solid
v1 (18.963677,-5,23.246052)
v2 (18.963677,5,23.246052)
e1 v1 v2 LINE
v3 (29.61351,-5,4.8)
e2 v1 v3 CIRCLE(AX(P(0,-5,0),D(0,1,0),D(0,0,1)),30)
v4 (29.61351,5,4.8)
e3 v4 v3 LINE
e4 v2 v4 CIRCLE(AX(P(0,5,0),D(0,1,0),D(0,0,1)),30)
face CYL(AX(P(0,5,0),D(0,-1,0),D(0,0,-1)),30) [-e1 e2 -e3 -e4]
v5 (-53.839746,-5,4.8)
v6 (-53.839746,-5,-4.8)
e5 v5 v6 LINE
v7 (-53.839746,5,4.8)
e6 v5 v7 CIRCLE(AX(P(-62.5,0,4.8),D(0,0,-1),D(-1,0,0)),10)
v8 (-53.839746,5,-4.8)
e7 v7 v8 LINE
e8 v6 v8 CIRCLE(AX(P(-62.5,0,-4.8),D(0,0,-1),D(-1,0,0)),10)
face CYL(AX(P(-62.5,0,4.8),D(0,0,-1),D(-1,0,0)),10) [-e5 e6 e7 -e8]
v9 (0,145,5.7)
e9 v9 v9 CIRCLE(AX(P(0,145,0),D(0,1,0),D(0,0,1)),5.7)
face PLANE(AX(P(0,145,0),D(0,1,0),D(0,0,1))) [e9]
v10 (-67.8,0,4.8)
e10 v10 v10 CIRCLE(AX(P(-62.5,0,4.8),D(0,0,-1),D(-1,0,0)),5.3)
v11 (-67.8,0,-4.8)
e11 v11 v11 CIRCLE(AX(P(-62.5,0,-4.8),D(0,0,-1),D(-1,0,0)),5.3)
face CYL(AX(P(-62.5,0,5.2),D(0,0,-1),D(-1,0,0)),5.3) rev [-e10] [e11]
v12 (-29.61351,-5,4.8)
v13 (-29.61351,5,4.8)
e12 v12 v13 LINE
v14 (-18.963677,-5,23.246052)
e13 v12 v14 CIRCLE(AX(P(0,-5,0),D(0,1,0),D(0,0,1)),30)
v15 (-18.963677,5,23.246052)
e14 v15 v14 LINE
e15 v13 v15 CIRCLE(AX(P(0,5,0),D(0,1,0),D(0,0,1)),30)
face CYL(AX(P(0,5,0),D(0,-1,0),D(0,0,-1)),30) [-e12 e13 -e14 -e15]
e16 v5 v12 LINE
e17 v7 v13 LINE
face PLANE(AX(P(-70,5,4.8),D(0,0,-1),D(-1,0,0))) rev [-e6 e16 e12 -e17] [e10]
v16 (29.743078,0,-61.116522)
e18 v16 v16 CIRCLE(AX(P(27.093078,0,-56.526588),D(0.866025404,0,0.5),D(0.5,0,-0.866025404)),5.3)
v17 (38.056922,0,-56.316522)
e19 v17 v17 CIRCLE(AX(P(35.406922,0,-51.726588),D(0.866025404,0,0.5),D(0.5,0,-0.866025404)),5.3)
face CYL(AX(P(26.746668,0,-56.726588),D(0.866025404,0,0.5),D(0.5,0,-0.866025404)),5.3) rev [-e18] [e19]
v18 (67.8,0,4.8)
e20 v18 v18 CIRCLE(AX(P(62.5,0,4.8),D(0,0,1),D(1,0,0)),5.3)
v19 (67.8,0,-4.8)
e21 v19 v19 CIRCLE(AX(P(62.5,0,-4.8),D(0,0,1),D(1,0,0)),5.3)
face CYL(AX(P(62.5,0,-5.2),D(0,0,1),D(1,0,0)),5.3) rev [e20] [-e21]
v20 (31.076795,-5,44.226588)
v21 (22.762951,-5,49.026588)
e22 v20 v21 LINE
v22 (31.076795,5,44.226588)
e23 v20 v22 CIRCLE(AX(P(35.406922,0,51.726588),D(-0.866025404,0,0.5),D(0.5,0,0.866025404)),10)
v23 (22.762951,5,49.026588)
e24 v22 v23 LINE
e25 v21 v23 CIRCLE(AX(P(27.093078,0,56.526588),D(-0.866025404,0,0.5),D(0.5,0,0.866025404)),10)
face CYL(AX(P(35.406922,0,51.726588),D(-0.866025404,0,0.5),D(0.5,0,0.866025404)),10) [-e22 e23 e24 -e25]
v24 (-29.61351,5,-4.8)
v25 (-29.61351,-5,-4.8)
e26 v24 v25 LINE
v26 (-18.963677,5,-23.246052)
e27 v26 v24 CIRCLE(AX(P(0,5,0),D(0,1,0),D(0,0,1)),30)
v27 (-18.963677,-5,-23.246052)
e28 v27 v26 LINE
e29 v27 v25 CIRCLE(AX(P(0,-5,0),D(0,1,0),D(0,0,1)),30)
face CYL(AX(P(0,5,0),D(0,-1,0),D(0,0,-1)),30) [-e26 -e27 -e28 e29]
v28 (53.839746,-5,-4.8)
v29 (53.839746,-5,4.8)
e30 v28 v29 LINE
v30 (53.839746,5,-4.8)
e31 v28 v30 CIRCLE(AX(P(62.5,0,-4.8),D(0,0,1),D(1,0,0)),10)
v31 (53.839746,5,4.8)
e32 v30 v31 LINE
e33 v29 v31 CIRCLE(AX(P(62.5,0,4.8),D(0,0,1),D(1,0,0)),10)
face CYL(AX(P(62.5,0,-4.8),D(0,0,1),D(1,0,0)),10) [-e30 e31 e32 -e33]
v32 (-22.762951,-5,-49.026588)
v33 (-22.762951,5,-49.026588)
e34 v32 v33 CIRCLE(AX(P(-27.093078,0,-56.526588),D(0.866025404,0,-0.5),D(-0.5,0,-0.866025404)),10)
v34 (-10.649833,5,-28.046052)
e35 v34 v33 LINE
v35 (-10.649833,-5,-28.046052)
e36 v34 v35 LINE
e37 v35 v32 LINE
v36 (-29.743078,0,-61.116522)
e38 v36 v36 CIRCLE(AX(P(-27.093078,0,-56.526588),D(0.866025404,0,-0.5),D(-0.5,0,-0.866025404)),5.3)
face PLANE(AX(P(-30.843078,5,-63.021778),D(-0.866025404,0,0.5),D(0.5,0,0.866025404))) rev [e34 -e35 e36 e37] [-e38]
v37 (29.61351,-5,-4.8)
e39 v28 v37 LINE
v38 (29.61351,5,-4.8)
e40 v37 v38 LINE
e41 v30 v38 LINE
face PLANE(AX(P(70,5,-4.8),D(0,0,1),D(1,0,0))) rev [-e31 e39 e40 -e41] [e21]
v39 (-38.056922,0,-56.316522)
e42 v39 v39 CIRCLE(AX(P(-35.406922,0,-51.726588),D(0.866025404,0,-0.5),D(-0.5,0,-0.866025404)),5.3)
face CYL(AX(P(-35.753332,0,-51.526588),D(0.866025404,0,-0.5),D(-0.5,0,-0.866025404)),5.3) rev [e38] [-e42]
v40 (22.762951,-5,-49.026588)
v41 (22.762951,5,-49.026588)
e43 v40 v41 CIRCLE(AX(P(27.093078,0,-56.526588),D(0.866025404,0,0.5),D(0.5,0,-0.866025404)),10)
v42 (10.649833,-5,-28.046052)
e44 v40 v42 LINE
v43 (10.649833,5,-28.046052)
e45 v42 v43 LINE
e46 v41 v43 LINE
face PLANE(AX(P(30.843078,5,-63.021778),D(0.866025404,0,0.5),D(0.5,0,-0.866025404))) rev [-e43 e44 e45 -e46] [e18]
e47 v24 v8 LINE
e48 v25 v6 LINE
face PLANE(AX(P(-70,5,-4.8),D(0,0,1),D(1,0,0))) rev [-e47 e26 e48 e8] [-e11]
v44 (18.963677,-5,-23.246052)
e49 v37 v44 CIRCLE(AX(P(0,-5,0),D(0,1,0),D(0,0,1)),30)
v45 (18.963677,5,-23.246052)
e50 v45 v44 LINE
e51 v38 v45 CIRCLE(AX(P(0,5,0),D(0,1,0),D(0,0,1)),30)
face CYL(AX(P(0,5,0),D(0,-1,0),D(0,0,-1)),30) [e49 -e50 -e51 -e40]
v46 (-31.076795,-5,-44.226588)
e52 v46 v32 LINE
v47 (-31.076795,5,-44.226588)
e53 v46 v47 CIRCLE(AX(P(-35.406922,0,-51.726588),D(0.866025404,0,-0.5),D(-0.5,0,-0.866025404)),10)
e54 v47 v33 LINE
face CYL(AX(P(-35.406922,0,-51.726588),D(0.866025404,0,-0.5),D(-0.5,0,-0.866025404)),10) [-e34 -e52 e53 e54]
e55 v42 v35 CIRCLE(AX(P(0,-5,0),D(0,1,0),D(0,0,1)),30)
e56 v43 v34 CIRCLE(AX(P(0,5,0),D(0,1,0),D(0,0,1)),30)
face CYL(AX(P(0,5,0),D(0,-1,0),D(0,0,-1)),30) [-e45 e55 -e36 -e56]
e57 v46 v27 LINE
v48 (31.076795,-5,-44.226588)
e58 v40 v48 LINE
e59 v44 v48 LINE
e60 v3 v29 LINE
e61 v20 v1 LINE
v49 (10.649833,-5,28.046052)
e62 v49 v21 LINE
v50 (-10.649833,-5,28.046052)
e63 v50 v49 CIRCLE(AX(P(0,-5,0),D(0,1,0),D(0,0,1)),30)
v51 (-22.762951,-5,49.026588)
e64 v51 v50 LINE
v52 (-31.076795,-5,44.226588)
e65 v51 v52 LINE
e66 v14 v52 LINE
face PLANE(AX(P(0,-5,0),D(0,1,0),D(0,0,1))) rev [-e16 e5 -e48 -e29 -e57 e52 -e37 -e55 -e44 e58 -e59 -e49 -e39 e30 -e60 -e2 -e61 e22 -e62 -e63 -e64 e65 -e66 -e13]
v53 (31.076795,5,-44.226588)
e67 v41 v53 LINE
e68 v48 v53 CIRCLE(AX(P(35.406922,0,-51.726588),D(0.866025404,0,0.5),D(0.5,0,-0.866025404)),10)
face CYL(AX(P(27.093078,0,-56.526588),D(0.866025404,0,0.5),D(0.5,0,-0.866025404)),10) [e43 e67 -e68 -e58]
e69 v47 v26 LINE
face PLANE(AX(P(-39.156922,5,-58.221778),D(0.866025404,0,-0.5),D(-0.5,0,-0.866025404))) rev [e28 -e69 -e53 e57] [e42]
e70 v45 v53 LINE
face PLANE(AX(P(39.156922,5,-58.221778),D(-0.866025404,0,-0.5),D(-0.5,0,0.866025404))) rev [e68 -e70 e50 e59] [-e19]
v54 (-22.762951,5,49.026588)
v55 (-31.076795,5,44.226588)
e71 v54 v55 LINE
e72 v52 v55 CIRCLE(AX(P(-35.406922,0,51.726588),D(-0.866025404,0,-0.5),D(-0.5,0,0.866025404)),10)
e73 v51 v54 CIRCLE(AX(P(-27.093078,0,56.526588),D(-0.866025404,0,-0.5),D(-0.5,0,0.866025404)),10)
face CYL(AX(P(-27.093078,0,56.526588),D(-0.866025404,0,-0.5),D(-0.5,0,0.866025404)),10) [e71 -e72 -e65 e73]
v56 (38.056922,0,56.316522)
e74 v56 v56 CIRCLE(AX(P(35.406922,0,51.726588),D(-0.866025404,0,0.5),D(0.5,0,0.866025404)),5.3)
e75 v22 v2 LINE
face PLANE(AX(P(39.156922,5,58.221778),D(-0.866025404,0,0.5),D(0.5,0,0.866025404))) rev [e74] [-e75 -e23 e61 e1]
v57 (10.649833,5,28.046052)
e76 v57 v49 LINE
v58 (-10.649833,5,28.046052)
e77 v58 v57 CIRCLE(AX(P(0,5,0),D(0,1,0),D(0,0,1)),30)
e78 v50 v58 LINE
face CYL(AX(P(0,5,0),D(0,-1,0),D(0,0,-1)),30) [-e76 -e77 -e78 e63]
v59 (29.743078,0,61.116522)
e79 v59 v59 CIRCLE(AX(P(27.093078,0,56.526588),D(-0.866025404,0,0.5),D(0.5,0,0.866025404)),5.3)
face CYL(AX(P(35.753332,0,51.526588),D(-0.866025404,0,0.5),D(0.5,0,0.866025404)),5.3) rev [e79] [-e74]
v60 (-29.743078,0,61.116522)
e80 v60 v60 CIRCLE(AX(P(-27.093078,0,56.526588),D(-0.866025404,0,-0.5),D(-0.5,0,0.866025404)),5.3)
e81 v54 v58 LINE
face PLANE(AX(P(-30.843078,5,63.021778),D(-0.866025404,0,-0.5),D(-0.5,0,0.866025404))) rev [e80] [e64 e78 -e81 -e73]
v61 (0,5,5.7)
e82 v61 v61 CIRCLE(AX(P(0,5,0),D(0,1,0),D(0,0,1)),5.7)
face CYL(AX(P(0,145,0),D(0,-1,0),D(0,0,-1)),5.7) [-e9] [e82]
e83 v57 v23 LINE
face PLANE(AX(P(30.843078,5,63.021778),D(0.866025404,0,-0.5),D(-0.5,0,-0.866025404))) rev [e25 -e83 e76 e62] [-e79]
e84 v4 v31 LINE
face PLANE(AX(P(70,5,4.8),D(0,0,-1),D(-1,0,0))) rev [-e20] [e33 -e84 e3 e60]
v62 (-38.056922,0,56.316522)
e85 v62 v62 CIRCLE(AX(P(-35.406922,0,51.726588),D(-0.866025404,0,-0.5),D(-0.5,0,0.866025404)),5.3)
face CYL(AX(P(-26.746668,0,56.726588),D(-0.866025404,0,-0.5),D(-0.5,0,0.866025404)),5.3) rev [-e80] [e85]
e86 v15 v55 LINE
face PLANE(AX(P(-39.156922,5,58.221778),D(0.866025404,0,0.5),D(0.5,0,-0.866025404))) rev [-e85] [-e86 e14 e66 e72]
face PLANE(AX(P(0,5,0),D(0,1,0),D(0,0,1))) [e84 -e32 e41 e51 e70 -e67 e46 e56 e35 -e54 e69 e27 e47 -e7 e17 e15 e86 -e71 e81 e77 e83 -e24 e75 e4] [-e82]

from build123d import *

# Parameters (mm, degrees)
SKETCH_1_R               = 30
EXTRUDE_1_DEPTH          = 5
SKETCH_2_W               = 50
SKETCH_2_H               = 9.6
EXTRUDE_2_DEPTH          = 5
SKETCH_3_R               = 10
EXTRUDE_3_DEPTH          = 9.6
SKETCH_4_R               = 5.3
CUT_EXTRUDE_1_DEPTH      = 10
PATTERN_CIRCULAR_1_COUNT = 6
SKETCH_5_R               = 5.7
EXTRUDE_11_4_140_DEPTH   = 140


with BuildPart() as part:
    # 草图1 → 凸台-拉伸1 (new, symmetric)
    with BuildSketch(Plane(origin=(0, 0, 0), x_dir=(1, 0, 0), z_dir=(0, 1, 0))):
        with Locations(Location((0, 0, 0), (0, 0, 270))):
            Circle(SKETCH_1_R)
    extrude(amount=EXTRUDE_1_DEPTH, both=True)

    # 草图2 → 凸台-拉伸2 (add, symmetric)
    with BuildSketch(Plane(origin=(0, 0, 0), x_dir=(1, 0, 0), z_dir=(0, 1, 0))):
        with Locations((45, 0)):
            Rectangle(SKETCH_2_W, SKETCH_2_H)
    extrude_2 = extrude(amount=EXTRUDE_2_DEPTH, both=True)

    # 草图3 → 凸台-拉伸3 (add)
    with BuildSketch(Plane.XY.offset(4.8)):
        with Locations((62.5, 0)):
            Circle(SKETCH_3_R)
    extrude_3 = extrude(amount=-EXTRUDE_3_DEPTH)

    # 草图4 → 切除-拉伸1 (cut)
    with BuildSketch(Plane.XY.offset(4.8)):
        with Locations((62.5, 0)):
            Circle(SKETCH_4_R)
    cut_extrude_1 = extrude(amount=-CUT_EXTRUDE_1_DEPTH, mode=Mode.SUBTRACT)

    # 阵列(圆周)1: 凸台-拉伸2, 凸台-拉伸3, 切除-拉伸1 ×6 about axis
    pattern_circular_1_axis = Axis((0, 5, 0), (0, -1, 0))
    add([extrude_2.rotate(pattern_circular_1_axis, i * 360 / PATTERN_CIRCULAR_1_COUNT) for i in range(1, PATTERN_CIRCULAR_1_COUNT)])
    add([extrude_3.rotate(pattern_circular_1_axis, i * 360 / PATTERN_CIRCULAR_1_COUNT) for i in range(1, PATTERN_CIRCULAR_1_COUNT)])
    add([cut_extrude_1.rotate(pattern_circular_1_axis, i * 360 / PATTERN_CIRCULAR_1_COUNT) for i in range(1, PATTERN_CIRCULAR_1_COUNT)], mode=Mode.SUBTRACT)

    # 草图5 → 细杆_直径11.4_长度140 (add)
    with BuildSketch(Plane(origin=(0, 5, 0), x_dir=(1, 0, 0), z_dir=(0, 1, 0))):
        with Locations(Location((0, 0, 0), (0, 0, 270))):
            Circle(SKETCH_5_R)
    extrude(amount=EXTRUDE_11_4_140_DEPTH)


solid = part.part
